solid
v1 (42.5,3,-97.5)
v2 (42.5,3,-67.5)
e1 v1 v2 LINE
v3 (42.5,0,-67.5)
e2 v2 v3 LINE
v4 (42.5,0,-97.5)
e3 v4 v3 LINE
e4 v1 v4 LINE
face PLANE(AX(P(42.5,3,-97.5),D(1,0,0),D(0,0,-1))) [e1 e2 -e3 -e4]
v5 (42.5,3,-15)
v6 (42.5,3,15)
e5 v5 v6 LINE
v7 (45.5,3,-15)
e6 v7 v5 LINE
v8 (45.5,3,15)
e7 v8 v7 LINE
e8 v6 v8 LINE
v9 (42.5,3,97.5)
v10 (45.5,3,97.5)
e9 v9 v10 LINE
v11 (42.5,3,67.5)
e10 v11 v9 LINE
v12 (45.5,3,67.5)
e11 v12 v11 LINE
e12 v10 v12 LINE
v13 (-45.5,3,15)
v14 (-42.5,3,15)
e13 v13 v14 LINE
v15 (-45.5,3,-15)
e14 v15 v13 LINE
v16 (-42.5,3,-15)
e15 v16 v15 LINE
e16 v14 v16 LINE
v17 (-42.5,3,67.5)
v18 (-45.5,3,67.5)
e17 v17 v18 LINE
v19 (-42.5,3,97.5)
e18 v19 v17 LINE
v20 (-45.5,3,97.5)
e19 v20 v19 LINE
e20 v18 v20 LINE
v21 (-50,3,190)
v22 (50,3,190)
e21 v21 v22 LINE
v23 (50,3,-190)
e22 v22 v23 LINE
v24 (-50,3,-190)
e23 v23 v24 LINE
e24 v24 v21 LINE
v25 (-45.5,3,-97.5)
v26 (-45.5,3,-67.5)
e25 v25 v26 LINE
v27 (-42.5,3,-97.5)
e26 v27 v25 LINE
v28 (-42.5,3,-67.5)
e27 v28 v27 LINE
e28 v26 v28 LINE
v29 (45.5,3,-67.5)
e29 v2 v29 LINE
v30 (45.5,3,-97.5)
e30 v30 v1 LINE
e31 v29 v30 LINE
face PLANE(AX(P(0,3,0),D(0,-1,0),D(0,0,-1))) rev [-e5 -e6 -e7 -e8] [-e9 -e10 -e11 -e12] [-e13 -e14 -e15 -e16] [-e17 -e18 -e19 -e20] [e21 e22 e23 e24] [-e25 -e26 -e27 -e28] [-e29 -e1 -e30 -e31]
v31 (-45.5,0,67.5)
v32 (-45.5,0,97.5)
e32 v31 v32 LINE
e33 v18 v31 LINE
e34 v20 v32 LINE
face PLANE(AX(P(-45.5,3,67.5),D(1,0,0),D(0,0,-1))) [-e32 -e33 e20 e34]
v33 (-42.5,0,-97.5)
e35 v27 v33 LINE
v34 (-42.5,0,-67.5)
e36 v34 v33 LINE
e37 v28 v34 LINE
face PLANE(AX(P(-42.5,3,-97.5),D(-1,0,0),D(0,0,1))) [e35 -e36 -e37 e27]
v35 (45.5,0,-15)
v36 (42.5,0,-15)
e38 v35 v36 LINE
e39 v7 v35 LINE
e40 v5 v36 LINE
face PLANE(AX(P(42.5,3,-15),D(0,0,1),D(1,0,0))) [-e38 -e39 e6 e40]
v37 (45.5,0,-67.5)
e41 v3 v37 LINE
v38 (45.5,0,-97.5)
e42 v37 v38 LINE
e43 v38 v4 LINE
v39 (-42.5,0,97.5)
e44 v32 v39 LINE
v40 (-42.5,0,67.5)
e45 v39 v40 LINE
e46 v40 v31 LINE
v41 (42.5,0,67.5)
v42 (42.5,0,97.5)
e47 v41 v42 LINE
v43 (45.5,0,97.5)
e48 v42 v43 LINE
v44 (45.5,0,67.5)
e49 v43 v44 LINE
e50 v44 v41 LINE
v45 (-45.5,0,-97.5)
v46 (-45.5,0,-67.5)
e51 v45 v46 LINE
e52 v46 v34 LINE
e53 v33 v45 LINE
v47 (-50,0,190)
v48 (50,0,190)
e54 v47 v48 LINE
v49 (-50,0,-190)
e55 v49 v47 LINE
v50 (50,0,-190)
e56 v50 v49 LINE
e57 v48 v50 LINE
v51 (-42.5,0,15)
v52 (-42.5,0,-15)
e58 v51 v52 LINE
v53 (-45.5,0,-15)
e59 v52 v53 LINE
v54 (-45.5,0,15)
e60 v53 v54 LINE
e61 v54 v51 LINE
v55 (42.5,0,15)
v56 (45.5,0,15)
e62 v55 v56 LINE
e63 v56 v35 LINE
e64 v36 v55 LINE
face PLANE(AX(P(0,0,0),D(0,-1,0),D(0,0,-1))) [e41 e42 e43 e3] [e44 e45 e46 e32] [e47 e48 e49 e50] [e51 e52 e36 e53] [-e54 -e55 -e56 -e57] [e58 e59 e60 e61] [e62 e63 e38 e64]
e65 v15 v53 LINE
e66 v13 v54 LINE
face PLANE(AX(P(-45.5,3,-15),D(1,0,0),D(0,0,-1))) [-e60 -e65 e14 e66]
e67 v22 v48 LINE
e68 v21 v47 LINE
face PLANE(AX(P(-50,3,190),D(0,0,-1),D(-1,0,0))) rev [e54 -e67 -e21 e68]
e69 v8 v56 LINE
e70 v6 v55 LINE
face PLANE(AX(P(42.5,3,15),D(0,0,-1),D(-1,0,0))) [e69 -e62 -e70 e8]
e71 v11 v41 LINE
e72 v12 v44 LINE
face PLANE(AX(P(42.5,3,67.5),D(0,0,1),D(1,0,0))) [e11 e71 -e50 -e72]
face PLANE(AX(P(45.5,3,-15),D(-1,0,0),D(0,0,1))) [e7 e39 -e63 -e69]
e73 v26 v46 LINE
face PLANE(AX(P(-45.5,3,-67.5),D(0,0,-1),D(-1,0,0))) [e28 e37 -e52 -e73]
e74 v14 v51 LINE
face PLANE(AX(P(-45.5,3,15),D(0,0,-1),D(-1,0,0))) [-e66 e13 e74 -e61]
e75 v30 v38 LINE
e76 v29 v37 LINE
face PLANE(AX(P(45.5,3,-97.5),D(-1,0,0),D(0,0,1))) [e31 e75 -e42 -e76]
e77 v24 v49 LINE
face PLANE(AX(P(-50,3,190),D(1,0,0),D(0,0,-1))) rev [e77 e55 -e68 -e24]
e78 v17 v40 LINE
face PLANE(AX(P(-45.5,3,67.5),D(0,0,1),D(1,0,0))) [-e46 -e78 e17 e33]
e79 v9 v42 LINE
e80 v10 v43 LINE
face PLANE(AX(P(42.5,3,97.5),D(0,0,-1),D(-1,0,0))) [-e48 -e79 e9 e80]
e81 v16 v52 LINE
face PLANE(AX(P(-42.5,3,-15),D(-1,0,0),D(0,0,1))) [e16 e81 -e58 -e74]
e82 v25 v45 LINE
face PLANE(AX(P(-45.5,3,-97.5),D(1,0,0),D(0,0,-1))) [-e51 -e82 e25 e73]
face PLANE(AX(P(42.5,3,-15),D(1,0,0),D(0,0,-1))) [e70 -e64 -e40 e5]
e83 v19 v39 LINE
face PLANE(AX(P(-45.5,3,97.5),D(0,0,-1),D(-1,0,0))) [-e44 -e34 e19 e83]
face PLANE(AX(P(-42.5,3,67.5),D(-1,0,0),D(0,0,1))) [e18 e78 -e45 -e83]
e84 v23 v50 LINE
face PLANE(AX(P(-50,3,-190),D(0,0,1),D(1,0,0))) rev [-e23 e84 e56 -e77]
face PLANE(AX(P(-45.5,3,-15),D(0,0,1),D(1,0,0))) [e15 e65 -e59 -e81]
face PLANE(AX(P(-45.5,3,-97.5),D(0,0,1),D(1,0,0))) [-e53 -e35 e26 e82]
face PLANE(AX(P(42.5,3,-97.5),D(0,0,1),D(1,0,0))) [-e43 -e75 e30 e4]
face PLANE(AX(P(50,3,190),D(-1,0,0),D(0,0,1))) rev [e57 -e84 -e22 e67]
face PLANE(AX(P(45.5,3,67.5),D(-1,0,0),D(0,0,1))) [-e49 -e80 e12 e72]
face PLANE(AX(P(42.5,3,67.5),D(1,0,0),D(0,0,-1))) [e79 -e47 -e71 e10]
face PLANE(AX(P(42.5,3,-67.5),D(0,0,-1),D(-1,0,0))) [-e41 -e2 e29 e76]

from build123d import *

# Parameters (mm, degrees)
CROQUIS2_W              = 100
CROQUIS2_H              = 380
CROQUIS2_W_2            = 3
CROQUIS2_H_2            = 30
SALIENTE_EXTRUIR1_DEPTH = 3


with BuildPart() as part:
    # Croquis2 → Saliente-Extruir1 (new body)
    with BuildSketch(Plane(origin=(0, 0, 0), x_dir=(1, 0, 0), z_dir=(0, 1, 0))):
        Rectangle(CROQUIS2_W, CROQUIS2_H)
        with Locations((-44, 82.5)):
            Rectangle(CROQUIS2_W_2, CROQUIS2_H_2, mode=Mode.SUBTRACT)
        with Locations((-44, 0)):
            Rectangle(CROQUIS2_W_2, CROQUIS2_H_2, mode=Mode.SUBTRACT)
        with Locations((-44, -82.5)):
            Rectangle(CROQUIS2_W_2, CROQUIS2_H_2, mode=Mode.SUBTRACT)
        with Locations((44, 82.5)):
            Rectangle(CROQUIS2_W_2, CROQUIS2_H_2, mode=Mode.SUBTRACT)
        with Locations((44, 0)):
            Rectangle(CROQUIS2_W_2, CROQUIS2_H_2, mode=Mode.SUBTRACT)
        with Locations((44, -82.5)):
            Rectangle(CROQUIS2_W_2, CROQUIS2_H_2, mode=Mode.SUBTRACT)
    extrude(amount=SALIENTE_EXTRUIR1_DEPTH)


solid = part.part
